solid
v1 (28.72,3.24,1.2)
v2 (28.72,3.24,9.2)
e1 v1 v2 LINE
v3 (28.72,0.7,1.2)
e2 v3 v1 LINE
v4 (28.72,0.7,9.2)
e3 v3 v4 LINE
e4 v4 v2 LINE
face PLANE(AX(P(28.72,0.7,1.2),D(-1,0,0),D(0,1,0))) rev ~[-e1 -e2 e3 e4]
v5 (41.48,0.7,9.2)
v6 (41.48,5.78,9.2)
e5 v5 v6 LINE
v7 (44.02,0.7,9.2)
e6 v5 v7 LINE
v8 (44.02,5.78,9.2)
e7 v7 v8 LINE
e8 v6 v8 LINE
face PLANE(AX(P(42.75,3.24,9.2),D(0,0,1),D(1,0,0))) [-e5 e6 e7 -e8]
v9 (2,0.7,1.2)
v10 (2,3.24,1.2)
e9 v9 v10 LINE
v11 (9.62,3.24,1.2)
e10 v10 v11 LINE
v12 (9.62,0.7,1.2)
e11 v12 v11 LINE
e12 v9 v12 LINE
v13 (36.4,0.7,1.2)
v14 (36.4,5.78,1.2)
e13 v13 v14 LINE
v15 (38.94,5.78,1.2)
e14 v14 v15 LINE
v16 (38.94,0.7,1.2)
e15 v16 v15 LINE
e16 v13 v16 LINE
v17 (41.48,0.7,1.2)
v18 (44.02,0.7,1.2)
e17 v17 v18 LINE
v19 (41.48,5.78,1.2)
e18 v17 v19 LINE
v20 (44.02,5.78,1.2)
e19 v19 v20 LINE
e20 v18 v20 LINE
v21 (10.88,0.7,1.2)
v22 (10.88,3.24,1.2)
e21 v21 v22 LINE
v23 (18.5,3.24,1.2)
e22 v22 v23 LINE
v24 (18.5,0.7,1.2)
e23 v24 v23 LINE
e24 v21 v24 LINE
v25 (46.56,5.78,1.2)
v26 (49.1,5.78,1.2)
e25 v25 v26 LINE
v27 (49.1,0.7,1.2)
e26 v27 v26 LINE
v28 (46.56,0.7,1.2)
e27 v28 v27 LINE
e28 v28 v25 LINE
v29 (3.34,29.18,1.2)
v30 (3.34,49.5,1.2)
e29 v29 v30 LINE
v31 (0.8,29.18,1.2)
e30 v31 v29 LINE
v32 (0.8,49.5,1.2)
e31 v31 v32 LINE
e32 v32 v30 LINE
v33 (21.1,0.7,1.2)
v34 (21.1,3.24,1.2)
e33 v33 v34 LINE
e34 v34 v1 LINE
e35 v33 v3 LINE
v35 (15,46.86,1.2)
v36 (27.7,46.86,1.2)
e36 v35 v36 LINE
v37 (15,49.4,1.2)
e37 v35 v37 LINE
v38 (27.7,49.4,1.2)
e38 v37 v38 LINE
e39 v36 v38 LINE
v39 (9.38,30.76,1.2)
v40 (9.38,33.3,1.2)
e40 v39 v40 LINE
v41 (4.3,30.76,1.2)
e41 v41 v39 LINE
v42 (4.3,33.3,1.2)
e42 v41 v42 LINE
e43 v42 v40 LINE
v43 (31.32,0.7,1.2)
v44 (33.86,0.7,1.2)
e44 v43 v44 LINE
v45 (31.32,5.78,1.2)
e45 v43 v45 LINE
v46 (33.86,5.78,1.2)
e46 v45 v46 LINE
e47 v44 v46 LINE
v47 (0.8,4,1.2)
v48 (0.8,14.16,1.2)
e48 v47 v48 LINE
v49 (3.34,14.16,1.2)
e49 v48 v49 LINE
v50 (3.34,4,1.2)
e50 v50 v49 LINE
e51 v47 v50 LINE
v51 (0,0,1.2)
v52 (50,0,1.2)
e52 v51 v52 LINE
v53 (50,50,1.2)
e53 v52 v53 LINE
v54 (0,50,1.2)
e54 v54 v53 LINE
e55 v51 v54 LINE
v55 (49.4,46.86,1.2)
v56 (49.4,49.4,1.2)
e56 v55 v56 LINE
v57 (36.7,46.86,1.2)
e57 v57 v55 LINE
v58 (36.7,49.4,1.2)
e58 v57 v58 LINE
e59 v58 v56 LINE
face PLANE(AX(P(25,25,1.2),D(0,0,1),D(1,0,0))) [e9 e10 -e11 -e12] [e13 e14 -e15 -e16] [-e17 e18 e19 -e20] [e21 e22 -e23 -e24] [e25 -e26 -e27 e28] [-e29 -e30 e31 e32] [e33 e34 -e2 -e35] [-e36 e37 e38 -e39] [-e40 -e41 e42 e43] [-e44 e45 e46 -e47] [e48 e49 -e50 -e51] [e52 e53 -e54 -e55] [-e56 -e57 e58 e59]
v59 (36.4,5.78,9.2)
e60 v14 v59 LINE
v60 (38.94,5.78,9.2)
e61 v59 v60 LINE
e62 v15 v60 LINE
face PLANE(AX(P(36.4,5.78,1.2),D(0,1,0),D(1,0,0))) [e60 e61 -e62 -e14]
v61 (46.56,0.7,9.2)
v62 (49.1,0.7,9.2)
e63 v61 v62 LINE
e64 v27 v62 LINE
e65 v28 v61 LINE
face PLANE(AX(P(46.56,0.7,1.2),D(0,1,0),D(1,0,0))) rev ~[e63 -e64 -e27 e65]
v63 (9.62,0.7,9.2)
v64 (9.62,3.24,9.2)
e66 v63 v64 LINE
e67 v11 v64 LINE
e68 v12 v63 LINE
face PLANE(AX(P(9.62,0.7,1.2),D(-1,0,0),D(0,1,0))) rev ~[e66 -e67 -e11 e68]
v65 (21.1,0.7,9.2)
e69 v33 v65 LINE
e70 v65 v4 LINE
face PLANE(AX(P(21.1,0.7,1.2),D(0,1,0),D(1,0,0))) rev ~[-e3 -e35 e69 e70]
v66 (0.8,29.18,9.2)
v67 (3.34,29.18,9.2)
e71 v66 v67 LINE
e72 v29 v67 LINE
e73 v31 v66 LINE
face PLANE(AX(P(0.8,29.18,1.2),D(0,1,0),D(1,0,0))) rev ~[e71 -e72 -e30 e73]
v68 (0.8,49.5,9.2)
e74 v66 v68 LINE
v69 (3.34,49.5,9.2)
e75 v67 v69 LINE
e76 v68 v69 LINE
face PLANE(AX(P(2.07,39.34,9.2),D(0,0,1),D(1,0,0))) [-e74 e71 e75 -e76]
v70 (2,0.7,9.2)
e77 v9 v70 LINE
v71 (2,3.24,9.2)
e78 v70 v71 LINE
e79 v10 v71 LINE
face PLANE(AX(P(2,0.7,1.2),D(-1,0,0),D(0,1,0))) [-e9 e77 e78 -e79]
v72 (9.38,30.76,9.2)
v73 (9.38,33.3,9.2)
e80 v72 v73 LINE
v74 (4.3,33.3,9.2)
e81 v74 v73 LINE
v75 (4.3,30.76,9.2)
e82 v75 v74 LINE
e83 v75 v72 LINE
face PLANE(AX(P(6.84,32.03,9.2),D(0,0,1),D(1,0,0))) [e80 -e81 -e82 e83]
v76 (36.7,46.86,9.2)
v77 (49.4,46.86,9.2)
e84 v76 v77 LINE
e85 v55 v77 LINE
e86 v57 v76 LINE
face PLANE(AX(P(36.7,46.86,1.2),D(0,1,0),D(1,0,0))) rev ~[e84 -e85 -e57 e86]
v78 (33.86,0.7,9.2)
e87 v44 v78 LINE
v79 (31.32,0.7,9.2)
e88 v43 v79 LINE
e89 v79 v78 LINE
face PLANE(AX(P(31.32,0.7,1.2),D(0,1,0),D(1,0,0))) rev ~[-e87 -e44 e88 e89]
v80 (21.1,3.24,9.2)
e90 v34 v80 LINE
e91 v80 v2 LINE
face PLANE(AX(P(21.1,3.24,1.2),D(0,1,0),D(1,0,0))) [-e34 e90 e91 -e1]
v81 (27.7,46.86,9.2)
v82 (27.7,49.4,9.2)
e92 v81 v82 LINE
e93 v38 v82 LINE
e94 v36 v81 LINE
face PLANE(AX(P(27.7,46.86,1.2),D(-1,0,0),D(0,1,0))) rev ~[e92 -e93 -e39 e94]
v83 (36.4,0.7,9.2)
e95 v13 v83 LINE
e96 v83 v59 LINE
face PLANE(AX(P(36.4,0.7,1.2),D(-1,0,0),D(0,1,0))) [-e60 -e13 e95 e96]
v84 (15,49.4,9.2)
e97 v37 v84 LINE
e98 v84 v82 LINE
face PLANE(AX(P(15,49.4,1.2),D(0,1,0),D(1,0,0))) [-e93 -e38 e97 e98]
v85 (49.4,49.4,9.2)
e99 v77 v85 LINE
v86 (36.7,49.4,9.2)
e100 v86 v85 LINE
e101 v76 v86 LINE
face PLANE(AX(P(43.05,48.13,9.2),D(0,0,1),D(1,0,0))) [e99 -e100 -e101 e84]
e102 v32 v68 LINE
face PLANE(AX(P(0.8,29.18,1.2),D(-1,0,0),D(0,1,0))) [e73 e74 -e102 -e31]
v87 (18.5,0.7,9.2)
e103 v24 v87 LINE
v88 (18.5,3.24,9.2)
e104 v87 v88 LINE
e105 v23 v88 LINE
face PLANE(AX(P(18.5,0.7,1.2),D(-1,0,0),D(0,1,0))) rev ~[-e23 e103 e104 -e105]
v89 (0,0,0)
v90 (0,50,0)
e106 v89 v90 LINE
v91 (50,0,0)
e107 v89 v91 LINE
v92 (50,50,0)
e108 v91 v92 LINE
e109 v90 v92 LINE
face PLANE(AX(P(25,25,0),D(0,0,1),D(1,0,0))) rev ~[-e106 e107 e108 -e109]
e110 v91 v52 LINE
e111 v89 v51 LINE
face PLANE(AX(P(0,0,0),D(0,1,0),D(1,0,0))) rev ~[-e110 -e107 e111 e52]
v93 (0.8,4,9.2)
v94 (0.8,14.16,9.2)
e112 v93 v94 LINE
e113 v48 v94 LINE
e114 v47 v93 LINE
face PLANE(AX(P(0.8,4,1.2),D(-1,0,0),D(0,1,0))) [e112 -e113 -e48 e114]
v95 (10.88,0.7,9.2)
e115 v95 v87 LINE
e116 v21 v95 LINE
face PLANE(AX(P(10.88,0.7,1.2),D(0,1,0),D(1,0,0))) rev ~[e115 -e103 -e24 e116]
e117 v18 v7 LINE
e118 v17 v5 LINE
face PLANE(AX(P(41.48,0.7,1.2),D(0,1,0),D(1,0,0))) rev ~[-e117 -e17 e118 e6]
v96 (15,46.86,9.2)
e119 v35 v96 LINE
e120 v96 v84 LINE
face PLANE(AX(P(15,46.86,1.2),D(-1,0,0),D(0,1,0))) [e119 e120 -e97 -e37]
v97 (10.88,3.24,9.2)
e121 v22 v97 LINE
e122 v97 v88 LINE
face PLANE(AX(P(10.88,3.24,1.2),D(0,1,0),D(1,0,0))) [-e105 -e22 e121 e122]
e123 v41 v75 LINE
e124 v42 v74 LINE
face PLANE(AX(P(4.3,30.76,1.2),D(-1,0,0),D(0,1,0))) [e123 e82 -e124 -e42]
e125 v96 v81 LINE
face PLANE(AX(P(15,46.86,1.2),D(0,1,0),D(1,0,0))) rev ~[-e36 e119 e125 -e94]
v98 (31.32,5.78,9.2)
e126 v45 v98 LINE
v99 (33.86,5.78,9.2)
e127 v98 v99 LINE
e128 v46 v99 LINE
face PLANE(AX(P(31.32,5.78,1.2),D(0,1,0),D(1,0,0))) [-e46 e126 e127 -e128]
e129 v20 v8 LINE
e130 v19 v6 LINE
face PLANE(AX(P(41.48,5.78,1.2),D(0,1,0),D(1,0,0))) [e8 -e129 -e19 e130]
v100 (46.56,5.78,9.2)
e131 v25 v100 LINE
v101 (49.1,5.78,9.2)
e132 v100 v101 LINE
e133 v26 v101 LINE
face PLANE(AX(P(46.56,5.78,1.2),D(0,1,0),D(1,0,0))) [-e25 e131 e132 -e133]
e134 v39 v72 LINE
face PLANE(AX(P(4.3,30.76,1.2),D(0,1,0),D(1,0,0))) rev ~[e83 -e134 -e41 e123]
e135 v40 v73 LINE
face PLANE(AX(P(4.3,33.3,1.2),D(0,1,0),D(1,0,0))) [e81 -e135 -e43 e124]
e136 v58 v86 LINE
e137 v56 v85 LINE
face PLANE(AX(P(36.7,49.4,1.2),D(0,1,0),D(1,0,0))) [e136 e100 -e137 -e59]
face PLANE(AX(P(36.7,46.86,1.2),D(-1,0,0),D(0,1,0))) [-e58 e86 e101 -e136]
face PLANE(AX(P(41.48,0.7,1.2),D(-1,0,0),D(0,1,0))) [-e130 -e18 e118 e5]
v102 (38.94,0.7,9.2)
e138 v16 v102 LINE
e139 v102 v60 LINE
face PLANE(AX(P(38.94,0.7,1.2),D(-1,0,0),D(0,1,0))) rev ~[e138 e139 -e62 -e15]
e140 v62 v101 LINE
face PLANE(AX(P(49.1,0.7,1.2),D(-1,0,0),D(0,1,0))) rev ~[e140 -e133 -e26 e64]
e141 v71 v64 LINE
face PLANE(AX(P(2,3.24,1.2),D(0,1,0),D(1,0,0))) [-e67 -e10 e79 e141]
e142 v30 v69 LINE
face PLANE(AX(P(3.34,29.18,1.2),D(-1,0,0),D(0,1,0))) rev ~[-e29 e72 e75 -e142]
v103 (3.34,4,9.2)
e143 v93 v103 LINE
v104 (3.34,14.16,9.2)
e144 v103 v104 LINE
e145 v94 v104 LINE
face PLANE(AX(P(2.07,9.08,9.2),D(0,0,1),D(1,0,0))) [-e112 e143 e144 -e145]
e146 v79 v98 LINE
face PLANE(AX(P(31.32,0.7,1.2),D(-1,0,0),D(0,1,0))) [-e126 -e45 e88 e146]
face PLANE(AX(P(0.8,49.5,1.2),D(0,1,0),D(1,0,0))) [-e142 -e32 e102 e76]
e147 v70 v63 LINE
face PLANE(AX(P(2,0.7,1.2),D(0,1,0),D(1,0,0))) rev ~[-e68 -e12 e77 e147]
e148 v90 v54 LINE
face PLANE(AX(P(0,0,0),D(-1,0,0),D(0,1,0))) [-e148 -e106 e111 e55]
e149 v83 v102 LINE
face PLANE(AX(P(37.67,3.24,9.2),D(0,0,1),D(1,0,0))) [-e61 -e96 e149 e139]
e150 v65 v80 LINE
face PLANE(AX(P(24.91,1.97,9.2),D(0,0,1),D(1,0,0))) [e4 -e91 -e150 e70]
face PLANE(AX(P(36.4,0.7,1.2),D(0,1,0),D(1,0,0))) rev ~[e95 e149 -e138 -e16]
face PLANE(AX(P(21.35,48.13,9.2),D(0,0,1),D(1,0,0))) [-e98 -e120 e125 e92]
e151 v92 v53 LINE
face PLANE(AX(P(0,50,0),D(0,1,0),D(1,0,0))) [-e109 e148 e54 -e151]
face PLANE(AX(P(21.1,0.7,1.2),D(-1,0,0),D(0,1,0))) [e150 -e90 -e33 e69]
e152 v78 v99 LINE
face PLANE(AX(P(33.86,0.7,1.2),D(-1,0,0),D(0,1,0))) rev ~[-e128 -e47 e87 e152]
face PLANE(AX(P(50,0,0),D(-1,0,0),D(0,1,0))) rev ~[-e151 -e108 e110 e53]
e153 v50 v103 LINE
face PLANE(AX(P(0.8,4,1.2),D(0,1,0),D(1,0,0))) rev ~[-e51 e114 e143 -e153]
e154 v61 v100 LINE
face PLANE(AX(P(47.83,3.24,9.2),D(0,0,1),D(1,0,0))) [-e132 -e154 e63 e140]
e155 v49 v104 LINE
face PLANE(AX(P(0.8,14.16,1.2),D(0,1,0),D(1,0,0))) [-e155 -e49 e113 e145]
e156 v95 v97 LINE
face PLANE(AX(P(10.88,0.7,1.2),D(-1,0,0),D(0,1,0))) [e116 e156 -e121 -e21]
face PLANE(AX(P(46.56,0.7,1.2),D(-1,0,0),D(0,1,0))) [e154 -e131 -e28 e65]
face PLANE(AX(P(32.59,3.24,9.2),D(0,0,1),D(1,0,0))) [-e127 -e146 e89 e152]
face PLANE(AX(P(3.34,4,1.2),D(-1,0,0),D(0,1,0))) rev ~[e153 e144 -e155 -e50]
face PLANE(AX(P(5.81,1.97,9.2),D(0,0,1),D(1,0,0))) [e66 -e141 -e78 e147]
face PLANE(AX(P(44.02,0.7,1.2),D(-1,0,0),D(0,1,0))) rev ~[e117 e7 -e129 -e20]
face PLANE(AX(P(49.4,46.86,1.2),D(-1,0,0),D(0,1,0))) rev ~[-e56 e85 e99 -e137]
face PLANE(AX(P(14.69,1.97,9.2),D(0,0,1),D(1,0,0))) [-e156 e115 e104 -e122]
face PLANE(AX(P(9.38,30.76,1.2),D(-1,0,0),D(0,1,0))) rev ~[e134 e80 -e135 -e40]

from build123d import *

# Parameters (mm, degrees)
CROQUIS1_W              = 50
CROQUIS1_H              = 50
SALIENTE_EXTRUIR1_DEPTH = 1.2
CROQUIS2_W              = 12.7
CROQUIS2_H              = 2.54
CROQUIS2_W_2            = 2.54
CROQUIS2_H_2            = 20.32
CROQUIS2_W_3            = 5.08
CROQUIS2_H_3            = 10.16
CROQUIS2_W_4            = 7.62
CROQUIS2_H_4            = 5.08
SALIENTE_EXTRUIR2_DEPTH = 8


with BuildPart() as part:
    # Croquis1 → Saliente-Extruir1 (new body)
    with BuildSketch(Plane.XY):
        with Locations((25, 25)):
            Rectangle(CROQUIS1_W, CROQUIS1_H)
    extrude(amount=SALIENTE_EXTRUIR1_DEPTH)

    # Croquis2 → Saliente-Extruir2 (add)
    with BuildSketch(Plane.XY.offset(1.2)):
        with Locations((43.05, 48.13)):
            Rectangle(CROQUIS2_W, CROQUIS2_H)
        with Locations((21.35, 48.13)):
            Rectangle(CROQUIS2_W, CROQUIS2_H)
        with Locations((2.07, 39.34)):
            Rectangle(CROQUIS2_W_2, CROQUIS2_H_2)
        with Locations((6.84, 32.03)):
            Rectangle(CROQUIS2_W_3, CROQUIS2_H)
        with Locations((2.07, 9.08)):
            Rectangle(CROQUIS2_W_2, CROQUIS2_H_3)
        with Locations((5.81, 1.97)):
            Rectangle(CROQUIS2_W_4, CROQUIS2_H)
        with Locations((14.69, 1.97)):
            Rectangle(CROQUIS2_W_4, CROQUIS2_H)
        with Locations((24.91, 1.97)):
            Rectangle(CROQUIS2_W_4, CROQUIS2_H)
        with Locations((32.59, 3.24)):
            Rectangle(CROQUIS2_W_2, CROQUIS2_H_4)
        with Locations((37.67, 3.24)):
            Rectangle(CROQUIS2_W_2, CROQUIS2_H_4)
        with Locations((42.75, 3.24)):
            Rectangle(CROQUIS2_W_2, CROQUIS2_H_4)
        with Locations((47.83, 3.24)):
            Rectangle(CROQUIS2_W_2, CROQUIS2_H_4)
    extrude(amount=SALIENTE_EXTRUIR2_DEPTH)


solid = part.part
